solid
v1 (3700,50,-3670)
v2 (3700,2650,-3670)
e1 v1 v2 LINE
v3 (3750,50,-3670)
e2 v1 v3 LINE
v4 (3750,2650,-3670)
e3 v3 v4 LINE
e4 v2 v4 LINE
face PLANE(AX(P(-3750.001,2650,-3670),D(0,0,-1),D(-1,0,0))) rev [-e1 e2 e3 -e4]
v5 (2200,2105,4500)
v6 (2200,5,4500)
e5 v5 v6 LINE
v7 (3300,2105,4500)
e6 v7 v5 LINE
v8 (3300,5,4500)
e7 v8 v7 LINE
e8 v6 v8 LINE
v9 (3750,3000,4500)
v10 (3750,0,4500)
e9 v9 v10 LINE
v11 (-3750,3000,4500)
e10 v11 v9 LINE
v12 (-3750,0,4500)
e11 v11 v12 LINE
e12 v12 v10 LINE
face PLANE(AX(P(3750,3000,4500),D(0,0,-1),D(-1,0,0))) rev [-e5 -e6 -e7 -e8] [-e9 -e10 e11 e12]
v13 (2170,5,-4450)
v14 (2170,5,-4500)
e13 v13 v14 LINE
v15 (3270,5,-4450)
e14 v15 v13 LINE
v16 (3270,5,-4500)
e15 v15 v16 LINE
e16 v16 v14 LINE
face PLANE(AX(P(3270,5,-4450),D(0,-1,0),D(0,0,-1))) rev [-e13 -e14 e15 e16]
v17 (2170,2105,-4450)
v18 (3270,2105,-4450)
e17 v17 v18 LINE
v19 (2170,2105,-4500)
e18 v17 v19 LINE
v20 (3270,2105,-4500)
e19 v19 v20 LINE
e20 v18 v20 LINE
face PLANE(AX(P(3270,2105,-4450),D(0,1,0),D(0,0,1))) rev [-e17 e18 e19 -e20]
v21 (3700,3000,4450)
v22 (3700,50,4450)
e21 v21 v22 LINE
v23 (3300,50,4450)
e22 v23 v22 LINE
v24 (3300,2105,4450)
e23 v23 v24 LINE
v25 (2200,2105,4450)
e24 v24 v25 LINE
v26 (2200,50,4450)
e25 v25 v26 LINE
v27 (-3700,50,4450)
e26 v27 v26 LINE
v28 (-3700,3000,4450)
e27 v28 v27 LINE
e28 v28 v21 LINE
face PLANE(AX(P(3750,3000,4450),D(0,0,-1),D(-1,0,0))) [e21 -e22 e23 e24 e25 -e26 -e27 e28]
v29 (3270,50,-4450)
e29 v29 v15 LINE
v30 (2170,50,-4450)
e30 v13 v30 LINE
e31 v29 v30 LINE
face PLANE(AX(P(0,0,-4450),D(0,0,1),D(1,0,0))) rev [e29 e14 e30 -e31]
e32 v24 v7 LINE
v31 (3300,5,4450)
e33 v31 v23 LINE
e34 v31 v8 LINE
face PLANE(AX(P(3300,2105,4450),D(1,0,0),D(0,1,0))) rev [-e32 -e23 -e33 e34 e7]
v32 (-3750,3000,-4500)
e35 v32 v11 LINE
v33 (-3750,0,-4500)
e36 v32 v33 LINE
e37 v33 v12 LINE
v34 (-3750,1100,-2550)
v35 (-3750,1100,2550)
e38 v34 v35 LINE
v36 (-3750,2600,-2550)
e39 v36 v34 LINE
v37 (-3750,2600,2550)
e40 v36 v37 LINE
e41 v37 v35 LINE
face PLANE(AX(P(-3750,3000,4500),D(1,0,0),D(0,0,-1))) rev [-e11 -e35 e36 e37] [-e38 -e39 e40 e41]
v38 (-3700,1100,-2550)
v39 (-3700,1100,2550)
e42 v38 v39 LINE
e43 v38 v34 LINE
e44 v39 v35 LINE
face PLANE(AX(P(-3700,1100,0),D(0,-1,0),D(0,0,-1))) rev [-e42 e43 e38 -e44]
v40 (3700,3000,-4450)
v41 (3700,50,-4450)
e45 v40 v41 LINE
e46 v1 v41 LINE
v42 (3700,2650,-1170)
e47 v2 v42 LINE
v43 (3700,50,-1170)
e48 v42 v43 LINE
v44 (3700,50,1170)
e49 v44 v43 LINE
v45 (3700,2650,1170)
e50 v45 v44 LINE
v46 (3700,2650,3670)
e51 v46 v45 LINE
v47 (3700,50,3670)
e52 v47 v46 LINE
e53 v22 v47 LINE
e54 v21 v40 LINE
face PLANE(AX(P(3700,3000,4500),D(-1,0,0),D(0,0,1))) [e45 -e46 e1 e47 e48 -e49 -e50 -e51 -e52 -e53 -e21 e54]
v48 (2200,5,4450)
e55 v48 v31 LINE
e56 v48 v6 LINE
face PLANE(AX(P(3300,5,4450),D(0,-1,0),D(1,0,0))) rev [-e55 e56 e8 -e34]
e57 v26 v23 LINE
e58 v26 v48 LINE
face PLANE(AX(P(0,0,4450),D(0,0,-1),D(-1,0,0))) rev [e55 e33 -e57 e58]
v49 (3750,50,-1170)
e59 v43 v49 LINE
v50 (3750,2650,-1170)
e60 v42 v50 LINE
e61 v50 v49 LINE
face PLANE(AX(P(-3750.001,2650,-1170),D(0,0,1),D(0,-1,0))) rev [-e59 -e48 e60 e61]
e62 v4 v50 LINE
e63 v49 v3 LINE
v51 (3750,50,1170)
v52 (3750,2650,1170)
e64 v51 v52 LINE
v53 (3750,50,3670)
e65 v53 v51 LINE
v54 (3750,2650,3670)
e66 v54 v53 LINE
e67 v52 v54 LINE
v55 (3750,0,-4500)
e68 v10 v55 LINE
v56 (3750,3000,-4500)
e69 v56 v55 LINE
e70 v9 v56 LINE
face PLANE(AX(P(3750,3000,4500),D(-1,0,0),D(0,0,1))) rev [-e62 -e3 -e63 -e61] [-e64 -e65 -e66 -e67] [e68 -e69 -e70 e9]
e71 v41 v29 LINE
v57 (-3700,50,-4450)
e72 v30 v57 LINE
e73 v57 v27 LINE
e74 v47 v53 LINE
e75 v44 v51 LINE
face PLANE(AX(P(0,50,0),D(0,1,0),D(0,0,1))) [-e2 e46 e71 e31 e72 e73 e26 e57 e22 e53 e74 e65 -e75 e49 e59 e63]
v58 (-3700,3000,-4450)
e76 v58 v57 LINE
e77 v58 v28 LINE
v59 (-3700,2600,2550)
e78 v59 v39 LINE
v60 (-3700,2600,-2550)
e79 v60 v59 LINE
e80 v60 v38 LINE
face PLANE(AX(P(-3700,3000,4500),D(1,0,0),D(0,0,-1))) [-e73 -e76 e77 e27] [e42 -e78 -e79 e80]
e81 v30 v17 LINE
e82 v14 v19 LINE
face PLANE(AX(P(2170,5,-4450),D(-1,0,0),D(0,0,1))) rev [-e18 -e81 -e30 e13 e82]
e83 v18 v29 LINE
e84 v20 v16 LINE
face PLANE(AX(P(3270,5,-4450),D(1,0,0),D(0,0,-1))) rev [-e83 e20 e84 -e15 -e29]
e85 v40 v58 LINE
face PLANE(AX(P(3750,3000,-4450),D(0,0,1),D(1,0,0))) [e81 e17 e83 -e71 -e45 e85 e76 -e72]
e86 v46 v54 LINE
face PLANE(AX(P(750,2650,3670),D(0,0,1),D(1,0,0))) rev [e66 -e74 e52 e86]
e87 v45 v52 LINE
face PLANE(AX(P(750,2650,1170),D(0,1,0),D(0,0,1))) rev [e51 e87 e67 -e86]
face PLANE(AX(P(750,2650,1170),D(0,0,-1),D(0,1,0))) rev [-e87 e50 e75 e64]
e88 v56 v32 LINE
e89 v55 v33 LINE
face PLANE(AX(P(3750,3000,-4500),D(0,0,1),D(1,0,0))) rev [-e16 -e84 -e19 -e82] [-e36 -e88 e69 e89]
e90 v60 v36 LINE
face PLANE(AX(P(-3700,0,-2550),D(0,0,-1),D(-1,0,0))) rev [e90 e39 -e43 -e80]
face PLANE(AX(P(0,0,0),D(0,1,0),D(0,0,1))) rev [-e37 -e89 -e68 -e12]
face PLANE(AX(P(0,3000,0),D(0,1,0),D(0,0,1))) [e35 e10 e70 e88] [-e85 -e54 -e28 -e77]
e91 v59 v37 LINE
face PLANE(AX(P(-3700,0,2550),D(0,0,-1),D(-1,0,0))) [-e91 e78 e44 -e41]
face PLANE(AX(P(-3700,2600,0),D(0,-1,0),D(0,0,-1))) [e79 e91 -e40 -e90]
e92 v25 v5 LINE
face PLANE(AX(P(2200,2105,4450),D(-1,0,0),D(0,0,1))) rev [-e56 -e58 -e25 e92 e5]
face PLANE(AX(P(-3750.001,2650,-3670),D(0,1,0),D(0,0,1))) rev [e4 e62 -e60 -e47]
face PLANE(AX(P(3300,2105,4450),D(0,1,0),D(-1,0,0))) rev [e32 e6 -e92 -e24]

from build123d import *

# Parameters (mm, degrees)
SKETCH1_W           = 7500
SKETCH1_H           = 9000
BOSS_EXTRUDE1_DEPTH = 3000
SHELL1_T            = -50
CUT_EXTRUDE2_REACH  = 9248.621
SKETCH2_W           = 2500
SKETCH2_H           = 2600
SKETCH3_W           = 2500
SKETCH3_H           = 2600
CUT_EXTRUDE3_DEPTH  = 3000
SKETCH4_W           = 1100
SKETCH4_H           = 2100
CUT_EXTRUDE4_DEPTH  = 50
SKETCH6_W           = 1100
SKETCH6_H           = 2100
CUT_EXTRUDE5_DEPTH  = 50
SKETCH7_W           = 5100
SKETCH7_H           = 1500
CUT_EXTRUDE6_DEPTH  = 50


with BuildPart() as part:
    # Sketch1 → Boss-Extrude1 (new body)
    with BuildSketch(Plane(origin=(0, 0, 0), x_dir=(1, 0, 0), z_dir=(0, 1, 0))):
        Rectangle(SKETCH1_W, SKETCH1_H)
    extrude(amount=BOSS_EXTRUDE1_DEPTH)

    # Shell1
    shell1_openings = [part.faces().sort_by_distance(p)[0] for p in [
        (0, 3000, 0),
    ]]
    offset(amount=SHELL1_T, openings=shell1_openings, kind=Kind.INTERSECTION)

    # Sketch2 → Cut-Extrude2 (cut, up to next)
    with BuildSketch(Plane(origin=(3750, 0, 0), x_dir=(0, 0, -1), z_dir=(1, 0, 0)), mode=Mode.PRIVATE) as cut_extrude2_sk1:
        with Locations((2420, 1350)):
            Rectangle(SKETCH2_W, SKETCH2_H)
    cut_extrude2_tool1 = extrude(cut_extrude2_sk1.sketch, amount=-CUT_EXTRUDE2_REACH, mode=Mode.PRIVATE) & part.part
    add(cut_extrude2_tool1.solids().sort_by_distance((3750, 1350, -2420))[0], mode=Mode.SUBTRACT)

    # Sketch3 → Cut-Extrude3 (cut)
    with BuildSketch(Plane(origin=(3750, 0, 0), x_dir=(0, 0, -1), z_dir=(1, 0, 0))):
        with Locations((-2420, 1350)):
            Rectangle(SKETCH3_W, SKETCH3_H)
    extrude(amount=-CUT_EXTRUDE3_DEPTH, mode=Mode.SUBTRACT)

    # Sketch4 → Cut-Extrude4 (cut)
    with BuildSketch(Plane.XY.offset(4500)):
        with Locations((2750, 1055)):
            Rectangle(SKETCH4_W, SKETCH4_H)
    extrude(amount=-CUT_EXTRUDE4_DEPTH, mode=Mode.SUBTRACT)

    # Sketch6 → Cut-Extrude5 (cut)
    with BuildSketch(Plane(origin=(0, 0, -4500), x_dir=(-1, 0, 0), z_dir=(0, 0, -1))):
        with Locations((-2720, 1055)):
            Rectangle(SKETCH6_W, SKETCH6_H)
    extrude(amount=-CUT_EXTRUDE5_DEPTH, mode=Mode.SUBTRACT)

    # Sketch7 → Cut-Extrude6 (cut)
    with BuildSketch(Plane.ZY.offset(3750)):
        with Locations((0, 1850)):
            Rectangle(SKETCH7_W, SKETCH7_H)
    extrude(amount=-CUT_EXTRUDE6_DEPTH, mode=Mode.SUBTRACT)


solid = part.part
